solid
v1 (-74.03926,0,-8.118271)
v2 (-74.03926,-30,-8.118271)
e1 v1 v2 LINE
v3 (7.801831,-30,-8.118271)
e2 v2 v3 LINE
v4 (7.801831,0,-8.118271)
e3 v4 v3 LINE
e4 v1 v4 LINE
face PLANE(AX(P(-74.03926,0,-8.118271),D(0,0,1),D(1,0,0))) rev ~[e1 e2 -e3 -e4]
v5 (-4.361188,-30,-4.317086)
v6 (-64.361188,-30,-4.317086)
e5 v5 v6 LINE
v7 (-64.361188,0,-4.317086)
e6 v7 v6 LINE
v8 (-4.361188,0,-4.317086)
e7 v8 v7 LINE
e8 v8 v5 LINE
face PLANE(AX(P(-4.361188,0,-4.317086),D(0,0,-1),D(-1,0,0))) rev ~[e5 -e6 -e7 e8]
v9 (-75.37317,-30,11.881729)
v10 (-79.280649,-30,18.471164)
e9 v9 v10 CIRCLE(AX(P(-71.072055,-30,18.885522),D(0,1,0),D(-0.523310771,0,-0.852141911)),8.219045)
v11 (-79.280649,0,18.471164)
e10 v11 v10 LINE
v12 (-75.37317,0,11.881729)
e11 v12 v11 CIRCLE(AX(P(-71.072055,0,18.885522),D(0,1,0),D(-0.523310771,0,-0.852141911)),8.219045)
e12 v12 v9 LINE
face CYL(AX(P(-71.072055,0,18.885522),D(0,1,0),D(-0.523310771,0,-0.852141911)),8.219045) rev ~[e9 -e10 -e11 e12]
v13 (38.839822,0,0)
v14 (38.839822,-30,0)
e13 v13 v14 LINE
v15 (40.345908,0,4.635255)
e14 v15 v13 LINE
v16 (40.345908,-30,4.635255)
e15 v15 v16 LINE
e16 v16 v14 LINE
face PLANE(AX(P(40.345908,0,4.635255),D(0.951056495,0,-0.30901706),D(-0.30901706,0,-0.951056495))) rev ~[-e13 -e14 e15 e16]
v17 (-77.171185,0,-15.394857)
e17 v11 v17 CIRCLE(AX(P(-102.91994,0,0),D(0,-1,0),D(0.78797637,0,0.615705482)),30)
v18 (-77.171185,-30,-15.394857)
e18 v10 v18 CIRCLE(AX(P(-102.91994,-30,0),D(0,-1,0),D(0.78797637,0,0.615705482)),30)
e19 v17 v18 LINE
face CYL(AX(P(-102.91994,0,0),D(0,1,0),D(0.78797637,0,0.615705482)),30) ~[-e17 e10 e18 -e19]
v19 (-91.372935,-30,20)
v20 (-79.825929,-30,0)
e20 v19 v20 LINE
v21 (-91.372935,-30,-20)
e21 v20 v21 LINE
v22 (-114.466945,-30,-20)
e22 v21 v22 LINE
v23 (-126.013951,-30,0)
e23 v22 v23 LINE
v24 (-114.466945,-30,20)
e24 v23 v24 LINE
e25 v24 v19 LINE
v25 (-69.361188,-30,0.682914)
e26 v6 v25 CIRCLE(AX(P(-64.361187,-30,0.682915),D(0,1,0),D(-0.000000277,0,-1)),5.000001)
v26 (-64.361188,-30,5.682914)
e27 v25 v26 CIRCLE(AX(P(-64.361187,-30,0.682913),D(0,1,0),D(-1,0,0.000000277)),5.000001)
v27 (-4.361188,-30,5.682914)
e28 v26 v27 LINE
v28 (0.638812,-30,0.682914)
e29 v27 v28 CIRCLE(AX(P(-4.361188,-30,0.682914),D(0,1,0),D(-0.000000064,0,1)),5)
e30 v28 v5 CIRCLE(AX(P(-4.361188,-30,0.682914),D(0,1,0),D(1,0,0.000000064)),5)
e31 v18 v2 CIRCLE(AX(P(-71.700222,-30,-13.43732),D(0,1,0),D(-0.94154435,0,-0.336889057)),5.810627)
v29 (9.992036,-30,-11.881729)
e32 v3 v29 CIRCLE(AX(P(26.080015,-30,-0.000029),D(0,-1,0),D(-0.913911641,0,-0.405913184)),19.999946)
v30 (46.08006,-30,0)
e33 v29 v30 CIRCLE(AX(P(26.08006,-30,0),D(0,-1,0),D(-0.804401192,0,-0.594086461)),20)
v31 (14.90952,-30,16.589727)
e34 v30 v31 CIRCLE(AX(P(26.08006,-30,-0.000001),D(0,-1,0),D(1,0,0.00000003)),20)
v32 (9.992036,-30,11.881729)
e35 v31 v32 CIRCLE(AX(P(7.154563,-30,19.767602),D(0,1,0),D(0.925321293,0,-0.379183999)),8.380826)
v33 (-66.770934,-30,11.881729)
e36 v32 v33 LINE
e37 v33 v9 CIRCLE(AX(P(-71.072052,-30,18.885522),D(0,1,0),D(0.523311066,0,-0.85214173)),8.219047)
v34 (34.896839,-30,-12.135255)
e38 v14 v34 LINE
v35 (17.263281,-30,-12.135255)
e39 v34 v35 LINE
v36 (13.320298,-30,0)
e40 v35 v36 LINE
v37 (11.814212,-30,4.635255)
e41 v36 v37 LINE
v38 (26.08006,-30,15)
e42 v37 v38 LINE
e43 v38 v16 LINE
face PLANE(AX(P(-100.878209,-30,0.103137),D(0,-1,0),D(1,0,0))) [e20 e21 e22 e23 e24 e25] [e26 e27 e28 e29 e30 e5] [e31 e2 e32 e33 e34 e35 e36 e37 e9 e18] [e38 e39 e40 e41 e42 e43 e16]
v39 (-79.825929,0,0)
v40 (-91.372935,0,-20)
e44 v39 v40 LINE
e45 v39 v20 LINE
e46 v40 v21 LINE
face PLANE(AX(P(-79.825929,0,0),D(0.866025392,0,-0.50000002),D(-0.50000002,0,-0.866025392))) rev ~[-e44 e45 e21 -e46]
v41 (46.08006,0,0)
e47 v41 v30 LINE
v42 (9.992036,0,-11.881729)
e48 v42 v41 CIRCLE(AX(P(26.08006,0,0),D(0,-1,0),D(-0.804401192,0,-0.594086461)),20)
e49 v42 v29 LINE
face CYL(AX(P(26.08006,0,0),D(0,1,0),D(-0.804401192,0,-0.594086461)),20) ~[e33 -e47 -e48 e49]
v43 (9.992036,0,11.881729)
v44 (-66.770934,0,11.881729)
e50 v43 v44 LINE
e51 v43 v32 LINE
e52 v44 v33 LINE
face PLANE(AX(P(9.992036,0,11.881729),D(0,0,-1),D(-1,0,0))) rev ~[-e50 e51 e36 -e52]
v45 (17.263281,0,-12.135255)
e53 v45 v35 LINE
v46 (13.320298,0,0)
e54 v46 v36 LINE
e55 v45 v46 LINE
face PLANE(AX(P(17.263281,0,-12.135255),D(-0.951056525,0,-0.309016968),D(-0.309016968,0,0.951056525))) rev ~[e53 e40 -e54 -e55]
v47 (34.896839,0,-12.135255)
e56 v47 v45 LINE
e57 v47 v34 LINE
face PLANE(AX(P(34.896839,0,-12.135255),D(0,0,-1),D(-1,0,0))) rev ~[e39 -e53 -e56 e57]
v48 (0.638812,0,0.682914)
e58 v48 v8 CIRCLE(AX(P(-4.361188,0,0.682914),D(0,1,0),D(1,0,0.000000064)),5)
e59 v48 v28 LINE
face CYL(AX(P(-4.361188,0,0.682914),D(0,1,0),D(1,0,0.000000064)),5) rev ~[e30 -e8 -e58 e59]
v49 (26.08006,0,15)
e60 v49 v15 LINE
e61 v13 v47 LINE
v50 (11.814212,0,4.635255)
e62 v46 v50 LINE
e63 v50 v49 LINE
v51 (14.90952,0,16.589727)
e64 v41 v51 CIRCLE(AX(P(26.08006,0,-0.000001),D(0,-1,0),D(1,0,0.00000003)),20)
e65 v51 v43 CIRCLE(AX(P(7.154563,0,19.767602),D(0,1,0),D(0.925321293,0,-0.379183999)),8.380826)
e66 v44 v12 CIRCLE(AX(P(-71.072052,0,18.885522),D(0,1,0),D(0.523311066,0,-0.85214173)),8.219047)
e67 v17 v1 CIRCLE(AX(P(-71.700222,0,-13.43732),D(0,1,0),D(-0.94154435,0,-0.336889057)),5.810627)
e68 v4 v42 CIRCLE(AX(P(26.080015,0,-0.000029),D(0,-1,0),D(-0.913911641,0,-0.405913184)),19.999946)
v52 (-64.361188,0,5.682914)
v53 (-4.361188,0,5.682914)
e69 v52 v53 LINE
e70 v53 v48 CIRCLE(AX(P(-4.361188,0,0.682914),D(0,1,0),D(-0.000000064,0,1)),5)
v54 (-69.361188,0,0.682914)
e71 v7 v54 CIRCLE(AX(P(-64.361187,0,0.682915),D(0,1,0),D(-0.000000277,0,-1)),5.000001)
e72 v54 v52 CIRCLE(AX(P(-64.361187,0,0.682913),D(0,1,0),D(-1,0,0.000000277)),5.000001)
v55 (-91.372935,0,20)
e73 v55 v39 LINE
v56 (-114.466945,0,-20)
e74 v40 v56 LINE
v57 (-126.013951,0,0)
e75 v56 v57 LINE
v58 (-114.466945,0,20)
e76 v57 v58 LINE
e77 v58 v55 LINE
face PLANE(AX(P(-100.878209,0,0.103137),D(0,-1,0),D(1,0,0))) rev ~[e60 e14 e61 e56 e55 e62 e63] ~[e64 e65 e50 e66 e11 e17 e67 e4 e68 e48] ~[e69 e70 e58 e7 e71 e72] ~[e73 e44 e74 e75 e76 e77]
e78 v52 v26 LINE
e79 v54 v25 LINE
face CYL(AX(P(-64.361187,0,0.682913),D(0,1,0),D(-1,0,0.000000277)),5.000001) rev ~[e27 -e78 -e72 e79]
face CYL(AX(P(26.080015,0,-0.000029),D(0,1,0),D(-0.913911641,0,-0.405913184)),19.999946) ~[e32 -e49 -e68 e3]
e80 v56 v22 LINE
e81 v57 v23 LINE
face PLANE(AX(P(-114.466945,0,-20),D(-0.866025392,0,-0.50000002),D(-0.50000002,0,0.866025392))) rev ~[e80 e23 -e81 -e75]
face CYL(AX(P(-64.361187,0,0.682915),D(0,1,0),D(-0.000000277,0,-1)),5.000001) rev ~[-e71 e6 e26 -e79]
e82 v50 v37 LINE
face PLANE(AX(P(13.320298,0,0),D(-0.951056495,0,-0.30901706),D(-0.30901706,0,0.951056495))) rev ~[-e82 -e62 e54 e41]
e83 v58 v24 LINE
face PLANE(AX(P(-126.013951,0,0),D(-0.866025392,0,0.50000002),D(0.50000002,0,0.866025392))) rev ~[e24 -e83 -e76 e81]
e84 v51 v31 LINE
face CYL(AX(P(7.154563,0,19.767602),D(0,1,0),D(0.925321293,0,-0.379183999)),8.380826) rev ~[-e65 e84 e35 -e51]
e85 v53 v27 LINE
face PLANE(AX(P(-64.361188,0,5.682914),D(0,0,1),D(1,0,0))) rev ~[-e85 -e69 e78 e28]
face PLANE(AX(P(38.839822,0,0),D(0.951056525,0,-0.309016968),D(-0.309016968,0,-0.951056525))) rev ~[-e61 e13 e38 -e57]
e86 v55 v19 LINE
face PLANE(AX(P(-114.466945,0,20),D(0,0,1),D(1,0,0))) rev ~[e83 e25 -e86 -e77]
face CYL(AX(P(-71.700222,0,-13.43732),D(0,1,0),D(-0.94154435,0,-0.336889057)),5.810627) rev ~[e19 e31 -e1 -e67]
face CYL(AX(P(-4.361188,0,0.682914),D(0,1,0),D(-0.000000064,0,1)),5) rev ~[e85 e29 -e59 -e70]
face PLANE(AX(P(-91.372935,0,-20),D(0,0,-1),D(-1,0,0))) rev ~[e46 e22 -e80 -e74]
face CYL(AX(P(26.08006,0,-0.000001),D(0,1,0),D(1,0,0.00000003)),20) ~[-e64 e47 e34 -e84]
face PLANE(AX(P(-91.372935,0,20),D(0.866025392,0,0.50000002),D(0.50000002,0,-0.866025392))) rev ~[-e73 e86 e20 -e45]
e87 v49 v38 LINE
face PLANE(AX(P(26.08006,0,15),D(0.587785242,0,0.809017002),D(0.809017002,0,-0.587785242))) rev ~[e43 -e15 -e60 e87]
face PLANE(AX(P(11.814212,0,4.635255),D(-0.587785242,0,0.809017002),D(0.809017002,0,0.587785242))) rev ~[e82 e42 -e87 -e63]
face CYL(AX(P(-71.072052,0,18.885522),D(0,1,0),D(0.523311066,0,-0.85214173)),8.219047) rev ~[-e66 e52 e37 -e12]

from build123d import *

# Parameters (mm, degrees)
F1_DEPTH = 30


with BuildPart() as f1:
    # F0 (on Front) → F1 (new body)
    with BuildSketch(Plane.XZ):
        with BuildLine():
            ThreePointArc((-75.37317, 11.881729), (-78.141593, 14.693346), (-79.280649, 18.471164))
            ThreePointArc((-79.280649, 18.471164), (-132.861911, -1.86504), (-77.171185, -15.394857))
            ThreePointArc((-77.171185, -15.394857), (-77.037469, -11.140109), (-74.03926, -8.118271))
            ThreePointArc((-74.03926, -8.118271), (-72.986443, 1.99643), (-75.37317, 11.881729))
        make_face()
        Polygon((-126.013951, 0), (-114.466945, 20), (-91.372935, 20), (-79.825929, 0), (-91.372935, -20), (-114.466945, -20), align=None, mode=Mode.SUBTRACT)
        with BuildLine():
            ThreePointArc((-66.770934, 11.881729), (-71.072052, 10.666475), (-75.37317, 11.881729))
            ThreePointArc((-75.37317, 11.881729), (-72.986443, 1.99643), (-74.03926, -8.118271))
            ThreePointArc((-74.03926, -8.118271), (-71.700224, -7.626694), (-69.361188, -8.118271))
            Line((-69.361188, -8.118271), (2.590253, -8.118271))
            ThreePointArc((2.590253, -8.118271), (5.196042, -7.350089), (7.801831, -8.118271))
            ThreePointArc((7.801831, -8.118271), (6.515237, -4.149422), (6.08006, 0))
            ThreePointArc((6.08006, 0), (7.083212, 6.254579), (9.992036, 11.881729))
            ThreePointArc((9.992036, 11.881729), (7.154561, 11.386775), (4.317087, 11.881729))
            Line((4.317087, 11.881729), (-66.770934, 11.881729))
        make_face()
        with BuildLine():
            ThreePointArc((-69.361188, 0.682914), (-67.896721, 4.218448), (-64.361188, 5.682914))
            Line((-64.361188, 5.682914), (-4.361188, 5.682914))
            ThreePointArc((-4.361188, 5.682914), (-0.825654, 4.218448), (0.638812, 0.682914))
            ThreePointArc((0.638812, 0.682914), (-0.825654, -2.85262), (-4.361188, -4.317086))
            Line((-4.361188, -4.317086), (-64.361188, -4.317086))
            ThreePointArc((-64.361188, -4.317086), (-67.896721, -2.85262), (-69.361188, 0.682914))
        make_face(mode=Mode.SUBTRACT)
        with BuildLine():
            ThreePointArc((-69.361188, -8.118271), (-71.700224, -7.626694), (-74.03926, -8.118271))
            Line((-74.03926, -8.118271), (-69.361188, -8.118271))
        make_face()
        with BuildLine():
            Line((9.992036, 11.881729), (4.317087, 11.881729))
            ThreePointArc((4.317087, 11.881729), (7.154561, 11.386775), (9.992036, 11.881729))
        make_face()
        with BuildLine():
            ThreePointArc((7.801831, -8.118271), (5.196042, -7.350089), (2.590253, -8.118271))
            Line((2.590253, -8.118271), (7.801831, -8.118271))
        make_face()
        with BuildLine():
            ThreePointArc((14.90952, 16.589727), (12.950355, 13.713922), (9.992036, 11.881729))
            ThreePointArc((9.992036, 11.881729), (7.083212, 6.254579), (6.08006, 0))
            Line((6.08006, 0), (13.320298, 0))
            Line((13.320298, 0), (11.814212, 4.635255))
            Line((11.814212, 4.635255), (26.08006, 15))
            Line((26.08006, 15), (40.345908, 4.635255))
            Line((40.345908, 4.635255), (38.839822, 0))
            Line((38.839822, 0), (46.08006, 0))
            ThreePointArc((46.08006, 0), (35.476581, 17.65518), (14.90952, 16.589727))
        make_face()
        with BuildLine():
            ThreePointArc((9.992036, -11.881729), (9.347849, -9.737582), (7.801831, -8.118271))
            ThreePointArc((7.801831, -8.118271), (8.794206, -10.059784), (9.992036, -11.881729))
        make_face()
        with BuildLine():
            ThreePointArc((6.08006, 0), (6.515237, -4.149422), (7.801831, -8.118271))
            ThreePointArc((7.801831, -8.118271), (9.347849, -9.737582), (9.992036, -11.881729))
            ThreePointArc((9.992036, -11.881729), (32.334639, -18.996848), (46.08006, 0))
            Line((46.08006, 0), (38.839822, 0))
            Line((38.839822, 0), (34.896839, -12.135255))
            Line((34.896839, -12.135255), (17.263281, -12.135255))
            Line((17.263281, -12.135255), (13.320298, 0))
            Line((13.320298, 0), (6.08006, 0))
        make_face()
    extrude(amount=F1_DEPTH)


solid = f1.part
